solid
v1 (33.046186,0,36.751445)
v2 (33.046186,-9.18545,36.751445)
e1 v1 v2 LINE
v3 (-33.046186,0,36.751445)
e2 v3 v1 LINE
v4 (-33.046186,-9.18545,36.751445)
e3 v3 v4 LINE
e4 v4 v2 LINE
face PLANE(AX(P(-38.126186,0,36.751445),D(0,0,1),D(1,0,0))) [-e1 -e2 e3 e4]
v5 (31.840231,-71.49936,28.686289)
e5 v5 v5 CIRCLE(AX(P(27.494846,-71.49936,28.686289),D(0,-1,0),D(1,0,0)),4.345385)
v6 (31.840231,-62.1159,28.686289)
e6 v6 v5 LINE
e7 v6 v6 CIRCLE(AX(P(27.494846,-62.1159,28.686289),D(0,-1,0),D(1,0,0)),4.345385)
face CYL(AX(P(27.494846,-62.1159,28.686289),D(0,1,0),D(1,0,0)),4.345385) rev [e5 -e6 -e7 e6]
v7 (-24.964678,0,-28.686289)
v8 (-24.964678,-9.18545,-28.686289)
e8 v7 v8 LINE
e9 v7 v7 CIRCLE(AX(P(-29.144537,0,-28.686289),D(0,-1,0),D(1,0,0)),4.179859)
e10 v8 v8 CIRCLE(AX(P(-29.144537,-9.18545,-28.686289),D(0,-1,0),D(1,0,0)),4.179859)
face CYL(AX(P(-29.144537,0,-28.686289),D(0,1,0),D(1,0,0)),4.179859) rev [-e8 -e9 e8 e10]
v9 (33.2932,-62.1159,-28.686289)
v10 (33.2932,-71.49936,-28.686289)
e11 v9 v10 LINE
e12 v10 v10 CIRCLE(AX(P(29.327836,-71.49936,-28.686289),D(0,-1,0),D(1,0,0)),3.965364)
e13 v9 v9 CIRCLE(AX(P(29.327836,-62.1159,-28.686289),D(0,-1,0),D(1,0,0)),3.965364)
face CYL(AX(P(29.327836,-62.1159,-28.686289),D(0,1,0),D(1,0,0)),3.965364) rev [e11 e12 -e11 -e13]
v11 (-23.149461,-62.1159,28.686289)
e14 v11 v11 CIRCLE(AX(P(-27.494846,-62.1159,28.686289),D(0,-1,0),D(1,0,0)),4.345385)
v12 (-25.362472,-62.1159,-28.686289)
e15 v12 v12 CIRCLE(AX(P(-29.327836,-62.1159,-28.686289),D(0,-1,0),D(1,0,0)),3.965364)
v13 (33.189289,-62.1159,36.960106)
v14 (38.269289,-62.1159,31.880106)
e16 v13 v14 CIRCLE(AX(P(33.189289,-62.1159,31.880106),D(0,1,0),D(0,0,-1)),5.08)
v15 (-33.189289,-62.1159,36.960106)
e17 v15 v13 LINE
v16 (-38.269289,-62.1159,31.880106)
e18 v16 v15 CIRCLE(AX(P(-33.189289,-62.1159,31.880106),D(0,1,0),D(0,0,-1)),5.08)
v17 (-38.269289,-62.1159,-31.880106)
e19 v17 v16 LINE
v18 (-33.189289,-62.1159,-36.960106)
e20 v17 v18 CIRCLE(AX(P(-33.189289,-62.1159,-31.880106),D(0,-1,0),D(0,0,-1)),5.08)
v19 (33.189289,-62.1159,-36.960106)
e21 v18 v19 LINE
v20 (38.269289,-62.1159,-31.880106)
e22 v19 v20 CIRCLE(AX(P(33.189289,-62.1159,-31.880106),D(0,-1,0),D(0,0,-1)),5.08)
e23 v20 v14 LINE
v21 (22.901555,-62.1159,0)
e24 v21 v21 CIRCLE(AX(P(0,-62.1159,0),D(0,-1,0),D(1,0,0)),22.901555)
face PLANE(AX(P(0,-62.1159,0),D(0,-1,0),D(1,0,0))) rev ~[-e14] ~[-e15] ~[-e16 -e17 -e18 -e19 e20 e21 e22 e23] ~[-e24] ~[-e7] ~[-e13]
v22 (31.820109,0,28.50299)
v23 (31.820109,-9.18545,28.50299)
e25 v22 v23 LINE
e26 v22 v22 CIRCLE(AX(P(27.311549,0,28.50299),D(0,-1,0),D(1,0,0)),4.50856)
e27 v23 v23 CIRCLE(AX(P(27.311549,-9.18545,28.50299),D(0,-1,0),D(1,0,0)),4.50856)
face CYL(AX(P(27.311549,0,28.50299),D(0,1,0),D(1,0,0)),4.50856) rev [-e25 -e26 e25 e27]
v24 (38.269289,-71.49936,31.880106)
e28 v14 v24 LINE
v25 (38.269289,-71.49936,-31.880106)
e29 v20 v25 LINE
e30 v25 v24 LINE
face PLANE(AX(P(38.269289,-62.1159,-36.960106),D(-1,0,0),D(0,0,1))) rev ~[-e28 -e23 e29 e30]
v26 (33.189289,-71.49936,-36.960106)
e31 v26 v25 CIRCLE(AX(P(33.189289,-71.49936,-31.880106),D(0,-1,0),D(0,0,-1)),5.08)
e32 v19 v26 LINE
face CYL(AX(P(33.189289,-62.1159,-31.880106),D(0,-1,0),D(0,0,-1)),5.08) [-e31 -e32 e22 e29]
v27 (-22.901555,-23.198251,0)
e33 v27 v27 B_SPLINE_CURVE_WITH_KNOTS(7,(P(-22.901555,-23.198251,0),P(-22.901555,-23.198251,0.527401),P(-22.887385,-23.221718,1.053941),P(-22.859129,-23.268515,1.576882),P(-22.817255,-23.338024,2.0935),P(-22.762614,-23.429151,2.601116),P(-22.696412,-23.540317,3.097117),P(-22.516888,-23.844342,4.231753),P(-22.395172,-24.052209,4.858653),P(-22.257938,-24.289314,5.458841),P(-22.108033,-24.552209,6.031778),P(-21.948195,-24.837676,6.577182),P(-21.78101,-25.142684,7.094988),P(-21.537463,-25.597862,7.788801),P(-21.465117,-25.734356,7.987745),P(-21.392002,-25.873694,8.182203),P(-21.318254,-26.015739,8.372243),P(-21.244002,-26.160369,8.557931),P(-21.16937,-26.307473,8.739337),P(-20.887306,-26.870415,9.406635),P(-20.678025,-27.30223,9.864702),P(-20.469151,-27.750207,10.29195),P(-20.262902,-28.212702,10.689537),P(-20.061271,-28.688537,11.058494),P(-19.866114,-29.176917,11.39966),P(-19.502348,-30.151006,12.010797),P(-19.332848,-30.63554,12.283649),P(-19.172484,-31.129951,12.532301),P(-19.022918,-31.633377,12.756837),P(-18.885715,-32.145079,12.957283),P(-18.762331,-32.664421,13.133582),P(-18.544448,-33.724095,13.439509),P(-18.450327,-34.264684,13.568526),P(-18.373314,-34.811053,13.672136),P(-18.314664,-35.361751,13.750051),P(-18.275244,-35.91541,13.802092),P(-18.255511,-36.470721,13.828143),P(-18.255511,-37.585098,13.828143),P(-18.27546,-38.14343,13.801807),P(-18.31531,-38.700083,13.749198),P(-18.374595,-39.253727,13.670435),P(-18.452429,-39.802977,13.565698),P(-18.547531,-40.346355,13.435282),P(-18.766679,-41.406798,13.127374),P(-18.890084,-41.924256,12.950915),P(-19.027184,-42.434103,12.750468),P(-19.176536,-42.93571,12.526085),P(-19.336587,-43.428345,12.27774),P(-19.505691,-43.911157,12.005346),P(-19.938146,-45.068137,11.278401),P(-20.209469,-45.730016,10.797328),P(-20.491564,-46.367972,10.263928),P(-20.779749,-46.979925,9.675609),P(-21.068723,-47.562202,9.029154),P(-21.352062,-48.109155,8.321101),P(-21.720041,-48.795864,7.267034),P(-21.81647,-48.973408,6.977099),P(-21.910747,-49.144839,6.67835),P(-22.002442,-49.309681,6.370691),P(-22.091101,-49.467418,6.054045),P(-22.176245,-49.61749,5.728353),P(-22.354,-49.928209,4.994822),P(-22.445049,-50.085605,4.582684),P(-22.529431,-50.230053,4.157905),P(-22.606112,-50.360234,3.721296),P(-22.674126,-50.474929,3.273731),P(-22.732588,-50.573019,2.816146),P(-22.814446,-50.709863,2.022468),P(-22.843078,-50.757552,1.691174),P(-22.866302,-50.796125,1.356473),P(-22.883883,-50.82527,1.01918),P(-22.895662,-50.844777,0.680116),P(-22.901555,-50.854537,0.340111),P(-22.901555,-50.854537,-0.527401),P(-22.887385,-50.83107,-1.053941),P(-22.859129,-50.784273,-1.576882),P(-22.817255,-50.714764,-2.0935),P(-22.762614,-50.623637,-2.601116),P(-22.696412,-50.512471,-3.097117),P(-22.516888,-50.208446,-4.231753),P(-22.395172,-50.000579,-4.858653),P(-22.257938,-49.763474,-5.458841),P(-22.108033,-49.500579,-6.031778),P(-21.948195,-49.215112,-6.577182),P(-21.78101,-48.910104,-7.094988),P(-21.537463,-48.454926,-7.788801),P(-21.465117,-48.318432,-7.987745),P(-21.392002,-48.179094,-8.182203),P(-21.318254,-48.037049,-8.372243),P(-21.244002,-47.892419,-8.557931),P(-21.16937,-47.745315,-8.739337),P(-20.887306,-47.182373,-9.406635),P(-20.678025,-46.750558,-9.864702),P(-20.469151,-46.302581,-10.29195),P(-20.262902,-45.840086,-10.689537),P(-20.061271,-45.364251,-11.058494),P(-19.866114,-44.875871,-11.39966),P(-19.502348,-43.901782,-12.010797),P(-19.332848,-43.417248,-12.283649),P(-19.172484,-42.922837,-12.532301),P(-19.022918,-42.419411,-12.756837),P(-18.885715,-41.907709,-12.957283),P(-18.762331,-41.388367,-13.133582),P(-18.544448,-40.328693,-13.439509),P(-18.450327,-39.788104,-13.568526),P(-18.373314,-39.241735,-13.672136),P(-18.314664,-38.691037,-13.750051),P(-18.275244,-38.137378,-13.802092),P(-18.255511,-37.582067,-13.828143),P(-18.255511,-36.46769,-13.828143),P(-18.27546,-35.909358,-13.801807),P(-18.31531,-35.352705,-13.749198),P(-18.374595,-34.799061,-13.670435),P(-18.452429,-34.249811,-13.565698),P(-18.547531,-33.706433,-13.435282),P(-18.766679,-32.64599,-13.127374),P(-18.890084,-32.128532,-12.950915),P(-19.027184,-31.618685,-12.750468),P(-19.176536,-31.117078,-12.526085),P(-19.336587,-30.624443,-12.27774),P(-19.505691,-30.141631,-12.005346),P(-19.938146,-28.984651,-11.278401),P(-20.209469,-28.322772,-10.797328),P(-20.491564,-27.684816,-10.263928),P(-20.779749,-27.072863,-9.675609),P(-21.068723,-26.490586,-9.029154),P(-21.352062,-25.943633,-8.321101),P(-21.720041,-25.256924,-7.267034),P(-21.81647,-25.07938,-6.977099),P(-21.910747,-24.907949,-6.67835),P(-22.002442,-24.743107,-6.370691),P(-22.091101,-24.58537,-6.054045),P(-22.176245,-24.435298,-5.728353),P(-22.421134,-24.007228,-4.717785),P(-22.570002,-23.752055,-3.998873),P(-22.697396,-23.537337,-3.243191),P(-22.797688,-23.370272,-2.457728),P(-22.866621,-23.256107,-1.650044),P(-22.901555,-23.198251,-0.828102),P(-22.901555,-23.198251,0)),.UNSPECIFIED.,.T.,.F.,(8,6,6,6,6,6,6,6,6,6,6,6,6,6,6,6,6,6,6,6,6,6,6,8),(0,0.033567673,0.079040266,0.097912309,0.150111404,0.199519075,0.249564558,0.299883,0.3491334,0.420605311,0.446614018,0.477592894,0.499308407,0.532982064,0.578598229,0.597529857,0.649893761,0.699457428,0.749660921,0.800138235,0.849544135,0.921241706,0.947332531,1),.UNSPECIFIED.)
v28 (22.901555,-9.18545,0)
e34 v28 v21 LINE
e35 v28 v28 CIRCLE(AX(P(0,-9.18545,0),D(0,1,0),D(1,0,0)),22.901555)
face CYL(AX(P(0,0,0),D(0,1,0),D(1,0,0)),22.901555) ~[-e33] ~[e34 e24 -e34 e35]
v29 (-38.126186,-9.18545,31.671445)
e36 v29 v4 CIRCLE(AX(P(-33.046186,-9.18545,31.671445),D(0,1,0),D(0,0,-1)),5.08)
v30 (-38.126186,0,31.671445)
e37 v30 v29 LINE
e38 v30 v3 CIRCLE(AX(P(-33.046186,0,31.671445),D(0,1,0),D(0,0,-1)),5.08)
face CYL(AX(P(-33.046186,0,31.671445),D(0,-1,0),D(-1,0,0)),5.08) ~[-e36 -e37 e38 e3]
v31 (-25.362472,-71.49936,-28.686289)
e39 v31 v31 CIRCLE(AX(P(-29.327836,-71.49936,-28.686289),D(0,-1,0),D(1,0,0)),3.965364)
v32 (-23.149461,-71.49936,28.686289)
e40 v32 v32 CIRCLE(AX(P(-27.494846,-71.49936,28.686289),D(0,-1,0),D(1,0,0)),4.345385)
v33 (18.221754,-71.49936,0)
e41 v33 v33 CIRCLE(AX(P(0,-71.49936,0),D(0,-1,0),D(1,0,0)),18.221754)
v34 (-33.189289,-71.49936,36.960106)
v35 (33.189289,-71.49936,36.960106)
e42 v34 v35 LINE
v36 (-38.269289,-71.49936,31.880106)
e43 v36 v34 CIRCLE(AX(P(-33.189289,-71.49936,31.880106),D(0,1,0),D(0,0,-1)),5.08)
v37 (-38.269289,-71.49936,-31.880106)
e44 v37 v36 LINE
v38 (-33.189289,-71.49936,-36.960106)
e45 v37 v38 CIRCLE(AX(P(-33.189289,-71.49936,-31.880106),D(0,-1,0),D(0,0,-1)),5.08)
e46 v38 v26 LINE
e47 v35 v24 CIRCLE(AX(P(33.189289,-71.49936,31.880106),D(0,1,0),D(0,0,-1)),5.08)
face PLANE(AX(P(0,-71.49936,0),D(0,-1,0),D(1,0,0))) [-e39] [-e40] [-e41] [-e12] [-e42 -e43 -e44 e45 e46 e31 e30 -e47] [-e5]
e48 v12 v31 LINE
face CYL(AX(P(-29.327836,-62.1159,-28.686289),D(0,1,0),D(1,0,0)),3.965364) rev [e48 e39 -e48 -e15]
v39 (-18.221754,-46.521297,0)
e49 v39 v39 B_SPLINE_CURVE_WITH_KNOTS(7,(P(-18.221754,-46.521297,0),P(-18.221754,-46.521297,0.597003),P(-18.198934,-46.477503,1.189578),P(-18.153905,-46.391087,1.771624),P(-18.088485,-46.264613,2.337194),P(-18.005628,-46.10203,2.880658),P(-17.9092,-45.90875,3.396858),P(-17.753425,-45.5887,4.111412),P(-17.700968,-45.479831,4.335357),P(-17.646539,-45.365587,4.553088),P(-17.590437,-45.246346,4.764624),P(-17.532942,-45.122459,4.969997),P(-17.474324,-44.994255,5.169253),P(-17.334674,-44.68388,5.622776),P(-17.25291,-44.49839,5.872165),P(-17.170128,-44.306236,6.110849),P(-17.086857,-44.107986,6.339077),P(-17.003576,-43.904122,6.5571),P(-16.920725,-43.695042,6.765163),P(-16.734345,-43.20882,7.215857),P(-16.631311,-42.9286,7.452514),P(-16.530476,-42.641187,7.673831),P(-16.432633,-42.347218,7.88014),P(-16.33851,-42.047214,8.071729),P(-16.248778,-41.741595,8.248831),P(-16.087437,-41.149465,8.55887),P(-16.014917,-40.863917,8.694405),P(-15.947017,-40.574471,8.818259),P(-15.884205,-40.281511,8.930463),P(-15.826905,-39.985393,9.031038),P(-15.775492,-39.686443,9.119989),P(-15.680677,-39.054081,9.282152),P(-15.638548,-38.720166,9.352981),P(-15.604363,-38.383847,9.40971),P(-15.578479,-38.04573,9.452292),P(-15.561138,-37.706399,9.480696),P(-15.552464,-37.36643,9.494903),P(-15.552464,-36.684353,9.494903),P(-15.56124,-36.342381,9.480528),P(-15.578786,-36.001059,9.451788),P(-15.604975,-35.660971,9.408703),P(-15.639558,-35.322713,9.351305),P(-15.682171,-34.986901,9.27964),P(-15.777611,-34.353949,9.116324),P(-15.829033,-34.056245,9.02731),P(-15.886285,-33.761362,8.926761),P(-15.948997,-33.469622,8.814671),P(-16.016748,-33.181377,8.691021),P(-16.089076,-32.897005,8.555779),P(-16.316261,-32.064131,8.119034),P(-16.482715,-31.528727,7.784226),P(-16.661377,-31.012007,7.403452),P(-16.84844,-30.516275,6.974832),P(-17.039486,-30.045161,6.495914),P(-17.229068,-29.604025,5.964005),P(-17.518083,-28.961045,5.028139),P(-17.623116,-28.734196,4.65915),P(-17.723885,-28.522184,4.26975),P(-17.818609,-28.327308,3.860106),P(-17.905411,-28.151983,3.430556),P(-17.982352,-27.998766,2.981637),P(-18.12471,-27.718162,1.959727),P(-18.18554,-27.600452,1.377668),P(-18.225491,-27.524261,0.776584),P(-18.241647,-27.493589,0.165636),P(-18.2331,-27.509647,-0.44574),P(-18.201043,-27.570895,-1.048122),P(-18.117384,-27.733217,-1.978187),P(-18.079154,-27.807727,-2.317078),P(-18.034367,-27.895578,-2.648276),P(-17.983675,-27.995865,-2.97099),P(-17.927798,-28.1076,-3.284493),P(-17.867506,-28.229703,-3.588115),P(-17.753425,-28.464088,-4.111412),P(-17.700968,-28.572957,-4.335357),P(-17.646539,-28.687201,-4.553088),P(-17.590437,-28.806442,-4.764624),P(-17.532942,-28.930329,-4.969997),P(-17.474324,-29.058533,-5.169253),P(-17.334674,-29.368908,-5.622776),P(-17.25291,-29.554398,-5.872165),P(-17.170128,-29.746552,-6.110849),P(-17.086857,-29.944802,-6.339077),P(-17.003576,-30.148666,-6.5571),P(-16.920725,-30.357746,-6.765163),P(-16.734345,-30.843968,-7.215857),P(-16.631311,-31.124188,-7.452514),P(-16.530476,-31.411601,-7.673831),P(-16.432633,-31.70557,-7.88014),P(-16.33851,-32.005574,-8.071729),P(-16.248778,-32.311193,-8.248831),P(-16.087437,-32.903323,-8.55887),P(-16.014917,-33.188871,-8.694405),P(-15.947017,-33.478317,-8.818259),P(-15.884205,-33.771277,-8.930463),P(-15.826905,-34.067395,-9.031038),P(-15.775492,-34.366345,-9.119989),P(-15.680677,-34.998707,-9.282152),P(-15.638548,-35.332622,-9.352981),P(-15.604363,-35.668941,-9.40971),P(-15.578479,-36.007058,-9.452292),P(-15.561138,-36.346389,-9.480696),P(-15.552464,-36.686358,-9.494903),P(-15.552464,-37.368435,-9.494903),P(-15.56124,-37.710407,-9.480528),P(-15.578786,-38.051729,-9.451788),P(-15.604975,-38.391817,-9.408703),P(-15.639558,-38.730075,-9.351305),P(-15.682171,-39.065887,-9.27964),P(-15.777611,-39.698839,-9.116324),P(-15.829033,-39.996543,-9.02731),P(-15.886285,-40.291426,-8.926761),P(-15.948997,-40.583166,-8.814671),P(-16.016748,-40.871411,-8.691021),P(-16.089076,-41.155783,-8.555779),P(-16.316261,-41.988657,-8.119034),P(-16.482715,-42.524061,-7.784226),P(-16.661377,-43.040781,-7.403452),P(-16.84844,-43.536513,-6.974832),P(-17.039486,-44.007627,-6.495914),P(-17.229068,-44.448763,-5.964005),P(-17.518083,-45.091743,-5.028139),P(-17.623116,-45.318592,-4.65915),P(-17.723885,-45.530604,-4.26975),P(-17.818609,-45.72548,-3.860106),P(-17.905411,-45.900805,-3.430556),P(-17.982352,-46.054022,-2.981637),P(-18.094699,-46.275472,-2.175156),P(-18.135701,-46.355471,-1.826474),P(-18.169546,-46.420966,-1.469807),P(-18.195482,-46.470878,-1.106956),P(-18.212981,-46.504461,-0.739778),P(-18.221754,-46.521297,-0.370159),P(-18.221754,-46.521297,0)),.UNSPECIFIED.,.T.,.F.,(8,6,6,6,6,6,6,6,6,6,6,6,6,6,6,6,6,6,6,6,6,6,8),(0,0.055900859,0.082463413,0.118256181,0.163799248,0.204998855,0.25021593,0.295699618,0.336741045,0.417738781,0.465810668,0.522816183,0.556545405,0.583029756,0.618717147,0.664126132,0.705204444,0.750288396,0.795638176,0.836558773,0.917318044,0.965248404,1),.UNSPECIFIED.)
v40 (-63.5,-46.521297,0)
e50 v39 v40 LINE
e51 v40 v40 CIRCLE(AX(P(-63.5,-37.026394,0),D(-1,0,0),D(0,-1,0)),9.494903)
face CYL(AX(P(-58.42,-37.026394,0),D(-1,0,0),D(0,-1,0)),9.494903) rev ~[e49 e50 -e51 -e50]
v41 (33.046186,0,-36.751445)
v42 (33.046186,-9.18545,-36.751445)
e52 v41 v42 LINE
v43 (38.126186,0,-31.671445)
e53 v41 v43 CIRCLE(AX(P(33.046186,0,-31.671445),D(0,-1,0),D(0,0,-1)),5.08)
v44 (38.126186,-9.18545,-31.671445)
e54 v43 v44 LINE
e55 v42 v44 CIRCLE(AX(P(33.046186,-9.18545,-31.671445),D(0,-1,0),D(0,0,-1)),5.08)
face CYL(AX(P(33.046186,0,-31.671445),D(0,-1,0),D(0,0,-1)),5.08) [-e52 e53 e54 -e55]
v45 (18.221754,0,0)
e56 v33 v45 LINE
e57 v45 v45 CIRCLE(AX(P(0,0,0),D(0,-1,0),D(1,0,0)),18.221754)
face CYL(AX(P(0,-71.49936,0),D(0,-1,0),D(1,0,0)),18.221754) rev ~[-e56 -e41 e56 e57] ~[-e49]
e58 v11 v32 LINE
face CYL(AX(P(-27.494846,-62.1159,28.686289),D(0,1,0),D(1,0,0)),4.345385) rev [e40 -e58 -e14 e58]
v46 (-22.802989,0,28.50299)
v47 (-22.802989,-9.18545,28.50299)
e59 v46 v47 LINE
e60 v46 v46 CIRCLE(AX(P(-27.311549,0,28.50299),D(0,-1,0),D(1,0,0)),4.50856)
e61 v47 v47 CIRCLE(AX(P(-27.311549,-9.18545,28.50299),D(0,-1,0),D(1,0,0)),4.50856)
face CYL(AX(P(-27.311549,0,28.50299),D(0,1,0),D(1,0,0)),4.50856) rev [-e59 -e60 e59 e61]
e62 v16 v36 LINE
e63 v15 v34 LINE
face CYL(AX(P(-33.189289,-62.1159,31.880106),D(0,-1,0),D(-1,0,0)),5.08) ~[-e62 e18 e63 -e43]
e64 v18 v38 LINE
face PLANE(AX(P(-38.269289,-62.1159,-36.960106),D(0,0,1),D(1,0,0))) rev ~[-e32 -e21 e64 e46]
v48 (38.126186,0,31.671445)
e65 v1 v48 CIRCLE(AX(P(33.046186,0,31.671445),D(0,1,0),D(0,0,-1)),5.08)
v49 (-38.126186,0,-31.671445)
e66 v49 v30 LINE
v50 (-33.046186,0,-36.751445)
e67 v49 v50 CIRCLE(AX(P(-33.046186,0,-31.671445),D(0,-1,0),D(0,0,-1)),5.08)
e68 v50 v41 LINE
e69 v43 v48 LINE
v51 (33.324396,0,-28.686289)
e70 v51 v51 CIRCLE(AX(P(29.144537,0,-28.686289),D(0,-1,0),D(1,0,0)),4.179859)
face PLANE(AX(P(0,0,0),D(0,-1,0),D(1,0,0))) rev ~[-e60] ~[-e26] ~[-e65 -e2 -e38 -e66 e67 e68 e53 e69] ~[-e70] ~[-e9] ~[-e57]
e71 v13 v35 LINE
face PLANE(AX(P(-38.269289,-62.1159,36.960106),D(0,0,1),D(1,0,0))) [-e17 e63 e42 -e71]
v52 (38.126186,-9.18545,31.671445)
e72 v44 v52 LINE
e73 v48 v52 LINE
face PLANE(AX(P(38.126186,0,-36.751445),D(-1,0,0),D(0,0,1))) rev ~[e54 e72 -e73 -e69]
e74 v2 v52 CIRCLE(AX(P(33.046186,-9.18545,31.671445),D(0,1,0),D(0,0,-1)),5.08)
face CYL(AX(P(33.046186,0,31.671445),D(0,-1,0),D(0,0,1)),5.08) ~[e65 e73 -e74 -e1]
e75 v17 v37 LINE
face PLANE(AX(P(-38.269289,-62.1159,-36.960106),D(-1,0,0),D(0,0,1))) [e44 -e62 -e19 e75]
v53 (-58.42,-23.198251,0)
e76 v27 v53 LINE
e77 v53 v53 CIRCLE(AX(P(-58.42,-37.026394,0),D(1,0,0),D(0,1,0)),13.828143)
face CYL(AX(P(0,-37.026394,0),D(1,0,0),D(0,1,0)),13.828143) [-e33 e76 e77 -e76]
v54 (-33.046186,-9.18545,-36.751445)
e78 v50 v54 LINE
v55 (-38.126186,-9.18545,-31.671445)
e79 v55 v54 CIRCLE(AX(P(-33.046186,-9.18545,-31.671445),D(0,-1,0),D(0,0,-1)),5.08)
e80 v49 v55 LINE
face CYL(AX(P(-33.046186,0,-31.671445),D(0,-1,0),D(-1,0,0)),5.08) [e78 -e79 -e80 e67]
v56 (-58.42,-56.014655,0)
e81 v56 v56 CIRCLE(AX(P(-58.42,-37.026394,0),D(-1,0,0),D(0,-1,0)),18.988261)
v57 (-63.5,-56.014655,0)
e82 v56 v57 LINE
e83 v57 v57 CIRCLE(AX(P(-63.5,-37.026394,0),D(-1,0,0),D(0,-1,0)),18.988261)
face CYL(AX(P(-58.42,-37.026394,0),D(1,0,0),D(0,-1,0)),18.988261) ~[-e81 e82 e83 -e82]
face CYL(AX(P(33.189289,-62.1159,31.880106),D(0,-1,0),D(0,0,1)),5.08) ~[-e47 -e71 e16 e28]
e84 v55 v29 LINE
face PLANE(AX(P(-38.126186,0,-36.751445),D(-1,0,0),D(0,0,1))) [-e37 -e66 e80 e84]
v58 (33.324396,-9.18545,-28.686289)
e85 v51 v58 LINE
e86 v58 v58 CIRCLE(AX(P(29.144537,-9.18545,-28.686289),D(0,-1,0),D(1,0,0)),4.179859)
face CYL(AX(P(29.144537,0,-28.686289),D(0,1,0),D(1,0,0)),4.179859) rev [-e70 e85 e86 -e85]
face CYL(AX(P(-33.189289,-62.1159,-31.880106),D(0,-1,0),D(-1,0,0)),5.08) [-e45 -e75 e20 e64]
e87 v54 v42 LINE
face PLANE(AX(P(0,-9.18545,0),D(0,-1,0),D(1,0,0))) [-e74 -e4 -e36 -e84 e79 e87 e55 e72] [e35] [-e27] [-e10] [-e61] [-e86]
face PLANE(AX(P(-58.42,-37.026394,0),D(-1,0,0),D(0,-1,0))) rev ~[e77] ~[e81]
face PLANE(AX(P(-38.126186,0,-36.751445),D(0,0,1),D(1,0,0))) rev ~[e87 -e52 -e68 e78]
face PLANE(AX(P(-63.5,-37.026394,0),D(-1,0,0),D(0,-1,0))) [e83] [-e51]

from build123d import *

# Parameters (mm, degrees)
F0_W      = 76.252372
F0_H      = 73.50289
F0_R      = 4.179859
F0_R_2    = 4.50856
F1_DEPTH  = 9.18545
F2_R      = 5.08
F3_R      = 22.901555
F4_DEPTH  = 62.1159
F5_W      = 76.538578
F5_H      = 73.920212
F5_R      = 3.965364
F5_R_2    = 4.345385
F6_DEPTH  = 9.38346
F7_R      = 5.08
F8_R      = 18.221754
F9_DEPTH  = 71.50036
F10_R     = 13.828143
F11_DEPTH = 58.42
F12_DEPTH = 71.3616
F13_DEPTH = 71.50036
F15_R     = 18.988261
F16_DEPTH = 5.08
F14_R     = 9.494903
F17_DEPTH = 57.11392


with BuildPart() as f1:
    # F0 (on Front) → F1 (new body)
    with BuildSketch(Plane.XZ):
        Rectangle(F0_W, F0_H)
        with Locations((-29.144537, -28.686289)):
            Circle(F0_R, mode=Mode.SUBTRACT)
        with Locations((29.144537, -28.686289)):
            Circle(F0_R, mode=Mode.SUBTRACT)
        with Locations((-27.311549, 28.50299)):
            Circle(F0_R_2, mode=Mode.SUBTRACT)
        with Locations((27.311549, 28.50299)):
            Circle(F0_R_2, mode=Mode.SUBTRACT)
    extrude(amount=F1_DEPTH)

    # F2
    f2_edges = [f1.edges().sort_by_distance(p)[0] for p in [
        (38.126186, -4.592725, 36.751445),
        (-38.126186, -4.592725, 36.751445),
        (-38.126186, -4.592725, -36.751445),
        (38.126186, -4.592725, -36.751445),
    ]]
    fillet(f2_edges, radius=F2_R)

    # F3 (on Front) → F4 (join)
    with BuildSketch(Plane.XZ):
        Circle(F3_R)
    extrude(amount=F4_DEPTH)

    # F5 (on face) → F6 (join)
    with BuildSketch(Plane.XZ.offset(62.1159)):
        Rectangle(F5_W, F5_H)
        with Locations((-29.327836, -28.686289)):
            Circle(F5_R, mode=Mode.SUBTRACT)
        with Locations((29.327836, -28.686289)):
            Circle(F5_R, mode=Mode.SUBTRACT)
        with Locations((-27.494846, 28.686289)):
            Circle(F5_R_2, mode=Mode.SUBTRACT)
        with Locations((27.494846, 28.686289)):
            Circle(F5_R_2, mode=Mode.SUBTRACT)
    extrude(amount=F6_DEPTH)

    # F7
    f7_edges = [f1.edges().sort_by_distance(p)[0] for p in [
        (38.269289, -66.80763, 36.960106),
        (-38.269289, -66.80763, 36.960106),
        (-38.269289, -66.80763, -36.960106),
        (38.269289, -66.80763, -36.960106),
    ]]
    fillet(f7_edges, radius=F7_R)

    # F8 (on face) → F9 (cut, through all)
    with BuildSketch(Plane.XZ.offset(71.49936)):
        Circle(F8_R)
    extrude(amount=-F9_DEPTH, mode=Mode.SUBTRACT)

    # F10 (on Right) → F11 (join)
    with BuildSketch(Plane.YZ):
        with Locations((-37.026394, 0)):
            Circle(F10_R)
    extrude(amount=-F11_DEPTH)

    # F3 (on Front) → F12 (join)
    with BuildSketch(Plane.XZ):
        Circle(F3_R)
    extrude(amount=F12_DEPTH)

    # F8 (on face) → F13 (cut, through all)
    with BuildSketch(Plane.XZ.offset(71.49936)):
        Circle(F8_R)
    extrude(amount=-F13_DEPTH, mode=Mode.SUBTRACT)

    # F15 (on face) → F16 (join)
    with BuildSketch(Plane(origin=(-58.42, 0, 0), x_dir=(0, -1, 0), z_dir=(-1, 0, 0))):
        with Locations((37.026394, 0)):
            Circle(F15_R)
    extrude(amount=F16_DEPTH)

    # F14 (on face) → F17 (cut, symmetric)
    with BuildSketch(Plane(origin=(-58.42, 0, 0), x_dir=(0, -1, 0), z_dir=(-1, 0, 0))):
        with Locations((37.026394, 0)):
            Circle(F14_R)
    extrude(amount=F17_DEPTH, both=True, mode=Mode.SUBTRACT)


solid = f1.part
